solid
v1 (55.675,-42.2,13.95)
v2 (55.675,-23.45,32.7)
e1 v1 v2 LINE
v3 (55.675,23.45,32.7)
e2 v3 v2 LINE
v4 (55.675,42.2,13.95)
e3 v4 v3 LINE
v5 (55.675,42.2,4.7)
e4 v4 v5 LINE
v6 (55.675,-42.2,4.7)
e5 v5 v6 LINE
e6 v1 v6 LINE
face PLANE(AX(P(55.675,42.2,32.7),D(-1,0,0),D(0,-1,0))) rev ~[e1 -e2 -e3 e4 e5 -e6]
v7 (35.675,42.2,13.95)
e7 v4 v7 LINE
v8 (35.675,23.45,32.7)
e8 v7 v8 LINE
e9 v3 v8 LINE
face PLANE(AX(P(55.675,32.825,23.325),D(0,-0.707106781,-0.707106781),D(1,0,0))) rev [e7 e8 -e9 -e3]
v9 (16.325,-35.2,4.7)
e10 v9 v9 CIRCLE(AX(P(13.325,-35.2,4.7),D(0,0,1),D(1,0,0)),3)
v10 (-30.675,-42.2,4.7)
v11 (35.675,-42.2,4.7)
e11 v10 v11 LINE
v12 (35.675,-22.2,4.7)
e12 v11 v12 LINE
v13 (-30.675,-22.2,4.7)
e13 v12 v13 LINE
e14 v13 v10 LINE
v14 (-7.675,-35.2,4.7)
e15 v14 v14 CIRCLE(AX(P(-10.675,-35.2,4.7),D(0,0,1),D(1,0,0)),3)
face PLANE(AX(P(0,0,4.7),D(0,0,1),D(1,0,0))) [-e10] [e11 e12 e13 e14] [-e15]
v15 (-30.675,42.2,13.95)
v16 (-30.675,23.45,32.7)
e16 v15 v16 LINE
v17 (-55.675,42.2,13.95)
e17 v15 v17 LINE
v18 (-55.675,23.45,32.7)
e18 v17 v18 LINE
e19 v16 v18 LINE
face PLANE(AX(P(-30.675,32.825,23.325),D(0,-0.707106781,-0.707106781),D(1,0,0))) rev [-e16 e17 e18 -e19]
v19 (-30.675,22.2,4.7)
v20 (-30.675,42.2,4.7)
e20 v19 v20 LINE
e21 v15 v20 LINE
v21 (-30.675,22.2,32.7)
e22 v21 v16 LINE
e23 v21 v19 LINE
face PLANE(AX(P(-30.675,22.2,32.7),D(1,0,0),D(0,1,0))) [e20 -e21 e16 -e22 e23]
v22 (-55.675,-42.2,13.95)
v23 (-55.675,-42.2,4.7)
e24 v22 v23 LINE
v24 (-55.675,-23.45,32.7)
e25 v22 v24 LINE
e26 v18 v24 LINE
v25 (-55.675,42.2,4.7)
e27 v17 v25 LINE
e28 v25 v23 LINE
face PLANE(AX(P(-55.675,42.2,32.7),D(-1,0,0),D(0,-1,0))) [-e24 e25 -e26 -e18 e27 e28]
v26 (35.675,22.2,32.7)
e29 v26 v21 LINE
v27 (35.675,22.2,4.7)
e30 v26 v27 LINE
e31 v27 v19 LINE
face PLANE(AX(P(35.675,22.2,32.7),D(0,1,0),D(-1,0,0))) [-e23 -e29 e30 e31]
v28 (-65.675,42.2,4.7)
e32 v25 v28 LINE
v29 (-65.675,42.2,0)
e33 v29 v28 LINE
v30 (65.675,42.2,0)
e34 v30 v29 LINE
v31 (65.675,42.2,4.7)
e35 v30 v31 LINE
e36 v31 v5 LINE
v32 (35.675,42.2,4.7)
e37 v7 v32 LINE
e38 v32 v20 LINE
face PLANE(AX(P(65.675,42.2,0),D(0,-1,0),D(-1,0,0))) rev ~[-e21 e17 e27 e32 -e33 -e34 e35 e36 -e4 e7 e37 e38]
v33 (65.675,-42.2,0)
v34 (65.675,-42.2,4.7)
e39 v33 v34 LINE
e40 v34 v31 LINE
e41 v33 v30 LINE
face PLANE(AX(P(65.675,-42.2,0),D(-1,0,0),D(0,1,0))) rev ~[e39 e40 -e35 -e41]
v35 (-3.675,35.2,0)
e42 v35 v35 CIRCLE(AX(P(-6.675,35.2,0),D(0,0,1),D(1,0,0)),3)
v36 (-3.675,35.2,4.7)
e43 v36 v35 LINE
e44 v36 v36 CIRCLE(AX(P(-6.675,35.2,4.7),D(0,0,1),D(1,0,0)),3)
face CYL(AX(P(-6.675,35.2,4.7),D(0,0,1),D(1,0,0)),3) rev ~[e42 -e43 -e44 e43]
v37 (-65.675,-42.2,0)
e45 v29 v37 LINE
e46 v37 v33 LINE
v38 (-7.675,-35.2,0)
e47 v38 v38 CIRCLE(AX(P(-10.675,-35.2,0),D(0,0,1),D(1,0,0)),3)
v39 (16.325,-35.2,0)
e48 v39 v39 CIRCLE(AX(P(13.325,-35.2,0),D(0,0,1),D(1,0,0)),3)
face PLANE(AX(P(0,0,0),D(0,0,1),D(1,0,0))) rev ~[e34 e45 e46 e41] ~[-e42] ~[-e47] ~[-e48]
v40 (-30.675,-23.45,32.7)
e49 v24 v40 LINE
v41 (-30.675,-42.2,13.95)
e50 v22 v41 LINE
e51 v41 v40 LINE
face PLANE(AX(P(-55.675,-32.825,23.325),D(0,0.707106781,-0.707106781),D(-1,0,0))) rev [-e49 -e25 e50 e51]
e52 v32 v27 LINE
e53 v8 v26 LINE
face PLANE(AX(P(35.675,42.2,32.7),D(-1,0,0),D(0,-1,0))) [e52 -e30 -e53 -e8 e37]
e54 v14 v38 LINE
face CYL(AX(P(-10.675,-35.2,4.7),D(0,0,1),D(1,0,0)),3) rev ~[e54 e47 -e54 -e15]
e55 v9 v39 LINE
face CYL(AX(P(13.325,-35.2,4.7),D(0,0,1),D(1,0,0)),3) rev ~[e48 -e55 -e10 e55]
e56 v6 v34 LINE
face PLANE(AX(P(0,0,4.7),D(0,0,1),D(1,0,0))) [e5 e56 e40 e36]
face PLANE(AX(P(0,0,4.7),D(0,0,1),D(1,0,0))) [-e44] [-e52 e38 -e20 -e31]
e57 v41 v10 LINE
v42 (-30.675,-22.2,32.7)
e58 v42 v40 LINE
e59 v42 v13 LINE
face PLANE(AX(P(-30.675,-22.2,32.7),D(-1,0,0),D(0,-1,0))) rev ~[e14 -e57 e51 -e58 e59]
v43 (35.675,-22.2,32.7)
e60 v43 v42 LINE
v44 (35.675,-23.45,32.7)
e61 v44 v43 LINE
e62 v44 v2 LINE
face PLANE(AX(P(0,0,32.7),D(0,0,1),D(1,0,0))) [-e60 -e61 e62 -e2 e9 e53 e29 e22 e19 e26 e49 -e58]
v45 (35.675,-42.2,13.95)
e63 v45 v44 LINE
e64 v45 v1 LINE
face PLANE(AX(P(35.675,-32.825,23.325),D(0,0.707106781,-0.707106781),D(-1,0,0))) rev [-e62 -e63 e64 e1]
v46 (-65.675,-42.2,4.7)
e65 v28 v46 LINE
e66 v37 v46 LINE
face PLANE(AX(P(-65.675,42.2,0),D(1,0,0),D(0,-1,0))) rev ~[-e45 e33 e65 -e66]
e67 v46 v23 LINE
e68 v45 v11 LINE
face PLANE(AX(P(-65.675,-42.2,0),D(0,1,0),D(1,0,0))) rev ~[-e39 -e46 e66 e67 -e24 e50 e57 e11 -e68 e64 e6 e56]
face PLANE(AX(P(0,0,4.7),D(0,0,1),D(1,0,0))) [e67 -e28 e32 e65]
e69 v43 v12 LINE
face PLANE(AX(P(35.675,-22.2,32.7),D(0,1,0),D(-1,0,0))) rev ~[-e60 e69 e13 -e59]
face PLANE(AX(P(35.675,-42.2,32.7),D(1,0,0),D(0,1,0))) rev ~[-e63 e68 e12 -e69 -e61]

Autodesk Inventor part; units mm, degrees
ref_plane "YZ Plane" through (0, 0, 0) normal (1, 0, 0) x (0, 1, 0)
ref_plane "XZ Plane" through (0, 0, 0) normal (0, 1, 0) x (-1, 0, 0)
ref_plane "XY Plane" through (0, 0, 0) normal (0, 0, 1) x (1, 0, 0)
sketch "Sketch1" plane through (0, 0, 0) normal (0, 0, 1) x (1, 0, 0)
  line L0 (-65.675, -42.2) -> (65.675, -42.2)
  line L1 (65.675, -42.2) -> (65.675, 42.2)
  line L2 (65.675, 42.2) -> (-65.675, 42.2)
  line L3 (-65.675, 42.2) -> (-65.675, -42.2)
  line L4 (-65.675, -42.2) -> (65.675, 42.2) construction
  line L5 (65.675, -42.2) -> (-65.675, 42.2) construction
  point P0 (0, 0)
  dimension "d0" = 131.35
  dimension "d1" = 84.4
extrude "Extrusion1" add sketch "Sketch1" along normal blind 32.7
sketch "Sketch2" plane through (0, 0, 32.7) normal (0, 0, 1) x (1, 0, 0)
  line L0 (65.675, 42.2) -> (-65.675, 42.2) projected
  line L1 (-65.675, -42.2) -> (65.675, -42.2) projected
  line L2 (-30.675, 42.2) -> (35.675, 42.2)
  line L3 (35.675, 42.2) -> (35.675, 22.2)
  line L4 (35.675, 22.2) -> (-30.675, 22.2)
  line L5 (-30.675, 22.2) -> (-30.675, 42.2)
  line L6 (-30.675, -42.2) -> (35.675, -42.2)
  line L7 (35.675, -42.2) -> (35.675, -22.2)
  line L8 (35.675, -22.2) -> (-30.675, -22.2)
  line L9 (-30.675, -22.2) -> (-30.675, -42.2)
  line L10 (65.675, -42.2) -> (65.675, 42.2) projected
  line L11 (-65.675, 42.2) -> (-65.675, -42.2) projected
  line L12 (65.675, 42.2) -> (55.675, 42.2)
  line L13 (55.675, 42.2) -> (55.675, -42.2)
  line L14 (55.675, -42.2) -> (65.675, -42.2)
  line L15 (65.675, -42.2) -> (65.675, 42.2)
  line L16 (-65.675, 42.2) -> (-55.675, 42.2)
  line L17 (-55.675, 42.2) -> (-55.675, -42.2)
  line L18 (-55.675, -42.2) -> (-65.675, -42.2)
  line L19 (-65.675, -42.2) -> (-65.675, 42.2)
  point P0 (0, 0)
  dimension "d5" = 20
  dimension "d6" = 20
  dimension "d7" = 30
  dimension "d8" = 35
  dimension "d9" = 35
  dimension "d10" = 10
  dimension "d11" = 10
extrude "Extrusion2" cut sketch "Sketch2" against normal blind 28 contours L10 L1 L13 L0 | L3 L4 L5 L0 | L1 L9 L8 L7 | L17 L1 L11 L0
chamfer "Chamfer1" distance 18.75 angle 45 4 edges at (-43.175, -42.2, 32.7) (45.675, -42.2, 32.7) (45.675, 42.2, 32.7) (-43.175, 42.2, 32.7)
sketch "Sketch3" plane through (0, 0, 4.7) normal (0, 0, 1) x (1, 0, 0)
  circle A0 centre (-6.675, 35.2) radius 3
  circle A1 centre (-10.675, -35.2) radius 3
  circle A2 centre (13.325, -35.2) radius 3
  line L0 (-30.675, 42.2) -> (35.675, 42.2) projected
  line L1 (35.675, -42.2) -> (55.675, -42.2) projected
  line L2 (-65.675, -42.2) -> (-65.675, 42.2) projected
  point P0 (0, 0)
  dimension "d17" = 24
  dimension "d18" = 20
  dimension "d19" = 70.4
  dimension "d20" = 7
  dimension "d21" = 84.4
  dimension "d22" = 6
  dimension "d23" = 6
  dimension "d24" = 6
  dimension "d25" = 55
  dimension "d26" = 0
extrude "Extrusion3" cut sketch "Sketch3" against normal blind 28
equation "\"d6\" = d5"
equation "\"d9\" = d8"
equation "\"d20\" = -0.5 * d19 + 0.5 * d21"
equation "\"d23\" = d22"
equation "\"d24\" = d22"
properties part number "FuseBox_04980933.X"
